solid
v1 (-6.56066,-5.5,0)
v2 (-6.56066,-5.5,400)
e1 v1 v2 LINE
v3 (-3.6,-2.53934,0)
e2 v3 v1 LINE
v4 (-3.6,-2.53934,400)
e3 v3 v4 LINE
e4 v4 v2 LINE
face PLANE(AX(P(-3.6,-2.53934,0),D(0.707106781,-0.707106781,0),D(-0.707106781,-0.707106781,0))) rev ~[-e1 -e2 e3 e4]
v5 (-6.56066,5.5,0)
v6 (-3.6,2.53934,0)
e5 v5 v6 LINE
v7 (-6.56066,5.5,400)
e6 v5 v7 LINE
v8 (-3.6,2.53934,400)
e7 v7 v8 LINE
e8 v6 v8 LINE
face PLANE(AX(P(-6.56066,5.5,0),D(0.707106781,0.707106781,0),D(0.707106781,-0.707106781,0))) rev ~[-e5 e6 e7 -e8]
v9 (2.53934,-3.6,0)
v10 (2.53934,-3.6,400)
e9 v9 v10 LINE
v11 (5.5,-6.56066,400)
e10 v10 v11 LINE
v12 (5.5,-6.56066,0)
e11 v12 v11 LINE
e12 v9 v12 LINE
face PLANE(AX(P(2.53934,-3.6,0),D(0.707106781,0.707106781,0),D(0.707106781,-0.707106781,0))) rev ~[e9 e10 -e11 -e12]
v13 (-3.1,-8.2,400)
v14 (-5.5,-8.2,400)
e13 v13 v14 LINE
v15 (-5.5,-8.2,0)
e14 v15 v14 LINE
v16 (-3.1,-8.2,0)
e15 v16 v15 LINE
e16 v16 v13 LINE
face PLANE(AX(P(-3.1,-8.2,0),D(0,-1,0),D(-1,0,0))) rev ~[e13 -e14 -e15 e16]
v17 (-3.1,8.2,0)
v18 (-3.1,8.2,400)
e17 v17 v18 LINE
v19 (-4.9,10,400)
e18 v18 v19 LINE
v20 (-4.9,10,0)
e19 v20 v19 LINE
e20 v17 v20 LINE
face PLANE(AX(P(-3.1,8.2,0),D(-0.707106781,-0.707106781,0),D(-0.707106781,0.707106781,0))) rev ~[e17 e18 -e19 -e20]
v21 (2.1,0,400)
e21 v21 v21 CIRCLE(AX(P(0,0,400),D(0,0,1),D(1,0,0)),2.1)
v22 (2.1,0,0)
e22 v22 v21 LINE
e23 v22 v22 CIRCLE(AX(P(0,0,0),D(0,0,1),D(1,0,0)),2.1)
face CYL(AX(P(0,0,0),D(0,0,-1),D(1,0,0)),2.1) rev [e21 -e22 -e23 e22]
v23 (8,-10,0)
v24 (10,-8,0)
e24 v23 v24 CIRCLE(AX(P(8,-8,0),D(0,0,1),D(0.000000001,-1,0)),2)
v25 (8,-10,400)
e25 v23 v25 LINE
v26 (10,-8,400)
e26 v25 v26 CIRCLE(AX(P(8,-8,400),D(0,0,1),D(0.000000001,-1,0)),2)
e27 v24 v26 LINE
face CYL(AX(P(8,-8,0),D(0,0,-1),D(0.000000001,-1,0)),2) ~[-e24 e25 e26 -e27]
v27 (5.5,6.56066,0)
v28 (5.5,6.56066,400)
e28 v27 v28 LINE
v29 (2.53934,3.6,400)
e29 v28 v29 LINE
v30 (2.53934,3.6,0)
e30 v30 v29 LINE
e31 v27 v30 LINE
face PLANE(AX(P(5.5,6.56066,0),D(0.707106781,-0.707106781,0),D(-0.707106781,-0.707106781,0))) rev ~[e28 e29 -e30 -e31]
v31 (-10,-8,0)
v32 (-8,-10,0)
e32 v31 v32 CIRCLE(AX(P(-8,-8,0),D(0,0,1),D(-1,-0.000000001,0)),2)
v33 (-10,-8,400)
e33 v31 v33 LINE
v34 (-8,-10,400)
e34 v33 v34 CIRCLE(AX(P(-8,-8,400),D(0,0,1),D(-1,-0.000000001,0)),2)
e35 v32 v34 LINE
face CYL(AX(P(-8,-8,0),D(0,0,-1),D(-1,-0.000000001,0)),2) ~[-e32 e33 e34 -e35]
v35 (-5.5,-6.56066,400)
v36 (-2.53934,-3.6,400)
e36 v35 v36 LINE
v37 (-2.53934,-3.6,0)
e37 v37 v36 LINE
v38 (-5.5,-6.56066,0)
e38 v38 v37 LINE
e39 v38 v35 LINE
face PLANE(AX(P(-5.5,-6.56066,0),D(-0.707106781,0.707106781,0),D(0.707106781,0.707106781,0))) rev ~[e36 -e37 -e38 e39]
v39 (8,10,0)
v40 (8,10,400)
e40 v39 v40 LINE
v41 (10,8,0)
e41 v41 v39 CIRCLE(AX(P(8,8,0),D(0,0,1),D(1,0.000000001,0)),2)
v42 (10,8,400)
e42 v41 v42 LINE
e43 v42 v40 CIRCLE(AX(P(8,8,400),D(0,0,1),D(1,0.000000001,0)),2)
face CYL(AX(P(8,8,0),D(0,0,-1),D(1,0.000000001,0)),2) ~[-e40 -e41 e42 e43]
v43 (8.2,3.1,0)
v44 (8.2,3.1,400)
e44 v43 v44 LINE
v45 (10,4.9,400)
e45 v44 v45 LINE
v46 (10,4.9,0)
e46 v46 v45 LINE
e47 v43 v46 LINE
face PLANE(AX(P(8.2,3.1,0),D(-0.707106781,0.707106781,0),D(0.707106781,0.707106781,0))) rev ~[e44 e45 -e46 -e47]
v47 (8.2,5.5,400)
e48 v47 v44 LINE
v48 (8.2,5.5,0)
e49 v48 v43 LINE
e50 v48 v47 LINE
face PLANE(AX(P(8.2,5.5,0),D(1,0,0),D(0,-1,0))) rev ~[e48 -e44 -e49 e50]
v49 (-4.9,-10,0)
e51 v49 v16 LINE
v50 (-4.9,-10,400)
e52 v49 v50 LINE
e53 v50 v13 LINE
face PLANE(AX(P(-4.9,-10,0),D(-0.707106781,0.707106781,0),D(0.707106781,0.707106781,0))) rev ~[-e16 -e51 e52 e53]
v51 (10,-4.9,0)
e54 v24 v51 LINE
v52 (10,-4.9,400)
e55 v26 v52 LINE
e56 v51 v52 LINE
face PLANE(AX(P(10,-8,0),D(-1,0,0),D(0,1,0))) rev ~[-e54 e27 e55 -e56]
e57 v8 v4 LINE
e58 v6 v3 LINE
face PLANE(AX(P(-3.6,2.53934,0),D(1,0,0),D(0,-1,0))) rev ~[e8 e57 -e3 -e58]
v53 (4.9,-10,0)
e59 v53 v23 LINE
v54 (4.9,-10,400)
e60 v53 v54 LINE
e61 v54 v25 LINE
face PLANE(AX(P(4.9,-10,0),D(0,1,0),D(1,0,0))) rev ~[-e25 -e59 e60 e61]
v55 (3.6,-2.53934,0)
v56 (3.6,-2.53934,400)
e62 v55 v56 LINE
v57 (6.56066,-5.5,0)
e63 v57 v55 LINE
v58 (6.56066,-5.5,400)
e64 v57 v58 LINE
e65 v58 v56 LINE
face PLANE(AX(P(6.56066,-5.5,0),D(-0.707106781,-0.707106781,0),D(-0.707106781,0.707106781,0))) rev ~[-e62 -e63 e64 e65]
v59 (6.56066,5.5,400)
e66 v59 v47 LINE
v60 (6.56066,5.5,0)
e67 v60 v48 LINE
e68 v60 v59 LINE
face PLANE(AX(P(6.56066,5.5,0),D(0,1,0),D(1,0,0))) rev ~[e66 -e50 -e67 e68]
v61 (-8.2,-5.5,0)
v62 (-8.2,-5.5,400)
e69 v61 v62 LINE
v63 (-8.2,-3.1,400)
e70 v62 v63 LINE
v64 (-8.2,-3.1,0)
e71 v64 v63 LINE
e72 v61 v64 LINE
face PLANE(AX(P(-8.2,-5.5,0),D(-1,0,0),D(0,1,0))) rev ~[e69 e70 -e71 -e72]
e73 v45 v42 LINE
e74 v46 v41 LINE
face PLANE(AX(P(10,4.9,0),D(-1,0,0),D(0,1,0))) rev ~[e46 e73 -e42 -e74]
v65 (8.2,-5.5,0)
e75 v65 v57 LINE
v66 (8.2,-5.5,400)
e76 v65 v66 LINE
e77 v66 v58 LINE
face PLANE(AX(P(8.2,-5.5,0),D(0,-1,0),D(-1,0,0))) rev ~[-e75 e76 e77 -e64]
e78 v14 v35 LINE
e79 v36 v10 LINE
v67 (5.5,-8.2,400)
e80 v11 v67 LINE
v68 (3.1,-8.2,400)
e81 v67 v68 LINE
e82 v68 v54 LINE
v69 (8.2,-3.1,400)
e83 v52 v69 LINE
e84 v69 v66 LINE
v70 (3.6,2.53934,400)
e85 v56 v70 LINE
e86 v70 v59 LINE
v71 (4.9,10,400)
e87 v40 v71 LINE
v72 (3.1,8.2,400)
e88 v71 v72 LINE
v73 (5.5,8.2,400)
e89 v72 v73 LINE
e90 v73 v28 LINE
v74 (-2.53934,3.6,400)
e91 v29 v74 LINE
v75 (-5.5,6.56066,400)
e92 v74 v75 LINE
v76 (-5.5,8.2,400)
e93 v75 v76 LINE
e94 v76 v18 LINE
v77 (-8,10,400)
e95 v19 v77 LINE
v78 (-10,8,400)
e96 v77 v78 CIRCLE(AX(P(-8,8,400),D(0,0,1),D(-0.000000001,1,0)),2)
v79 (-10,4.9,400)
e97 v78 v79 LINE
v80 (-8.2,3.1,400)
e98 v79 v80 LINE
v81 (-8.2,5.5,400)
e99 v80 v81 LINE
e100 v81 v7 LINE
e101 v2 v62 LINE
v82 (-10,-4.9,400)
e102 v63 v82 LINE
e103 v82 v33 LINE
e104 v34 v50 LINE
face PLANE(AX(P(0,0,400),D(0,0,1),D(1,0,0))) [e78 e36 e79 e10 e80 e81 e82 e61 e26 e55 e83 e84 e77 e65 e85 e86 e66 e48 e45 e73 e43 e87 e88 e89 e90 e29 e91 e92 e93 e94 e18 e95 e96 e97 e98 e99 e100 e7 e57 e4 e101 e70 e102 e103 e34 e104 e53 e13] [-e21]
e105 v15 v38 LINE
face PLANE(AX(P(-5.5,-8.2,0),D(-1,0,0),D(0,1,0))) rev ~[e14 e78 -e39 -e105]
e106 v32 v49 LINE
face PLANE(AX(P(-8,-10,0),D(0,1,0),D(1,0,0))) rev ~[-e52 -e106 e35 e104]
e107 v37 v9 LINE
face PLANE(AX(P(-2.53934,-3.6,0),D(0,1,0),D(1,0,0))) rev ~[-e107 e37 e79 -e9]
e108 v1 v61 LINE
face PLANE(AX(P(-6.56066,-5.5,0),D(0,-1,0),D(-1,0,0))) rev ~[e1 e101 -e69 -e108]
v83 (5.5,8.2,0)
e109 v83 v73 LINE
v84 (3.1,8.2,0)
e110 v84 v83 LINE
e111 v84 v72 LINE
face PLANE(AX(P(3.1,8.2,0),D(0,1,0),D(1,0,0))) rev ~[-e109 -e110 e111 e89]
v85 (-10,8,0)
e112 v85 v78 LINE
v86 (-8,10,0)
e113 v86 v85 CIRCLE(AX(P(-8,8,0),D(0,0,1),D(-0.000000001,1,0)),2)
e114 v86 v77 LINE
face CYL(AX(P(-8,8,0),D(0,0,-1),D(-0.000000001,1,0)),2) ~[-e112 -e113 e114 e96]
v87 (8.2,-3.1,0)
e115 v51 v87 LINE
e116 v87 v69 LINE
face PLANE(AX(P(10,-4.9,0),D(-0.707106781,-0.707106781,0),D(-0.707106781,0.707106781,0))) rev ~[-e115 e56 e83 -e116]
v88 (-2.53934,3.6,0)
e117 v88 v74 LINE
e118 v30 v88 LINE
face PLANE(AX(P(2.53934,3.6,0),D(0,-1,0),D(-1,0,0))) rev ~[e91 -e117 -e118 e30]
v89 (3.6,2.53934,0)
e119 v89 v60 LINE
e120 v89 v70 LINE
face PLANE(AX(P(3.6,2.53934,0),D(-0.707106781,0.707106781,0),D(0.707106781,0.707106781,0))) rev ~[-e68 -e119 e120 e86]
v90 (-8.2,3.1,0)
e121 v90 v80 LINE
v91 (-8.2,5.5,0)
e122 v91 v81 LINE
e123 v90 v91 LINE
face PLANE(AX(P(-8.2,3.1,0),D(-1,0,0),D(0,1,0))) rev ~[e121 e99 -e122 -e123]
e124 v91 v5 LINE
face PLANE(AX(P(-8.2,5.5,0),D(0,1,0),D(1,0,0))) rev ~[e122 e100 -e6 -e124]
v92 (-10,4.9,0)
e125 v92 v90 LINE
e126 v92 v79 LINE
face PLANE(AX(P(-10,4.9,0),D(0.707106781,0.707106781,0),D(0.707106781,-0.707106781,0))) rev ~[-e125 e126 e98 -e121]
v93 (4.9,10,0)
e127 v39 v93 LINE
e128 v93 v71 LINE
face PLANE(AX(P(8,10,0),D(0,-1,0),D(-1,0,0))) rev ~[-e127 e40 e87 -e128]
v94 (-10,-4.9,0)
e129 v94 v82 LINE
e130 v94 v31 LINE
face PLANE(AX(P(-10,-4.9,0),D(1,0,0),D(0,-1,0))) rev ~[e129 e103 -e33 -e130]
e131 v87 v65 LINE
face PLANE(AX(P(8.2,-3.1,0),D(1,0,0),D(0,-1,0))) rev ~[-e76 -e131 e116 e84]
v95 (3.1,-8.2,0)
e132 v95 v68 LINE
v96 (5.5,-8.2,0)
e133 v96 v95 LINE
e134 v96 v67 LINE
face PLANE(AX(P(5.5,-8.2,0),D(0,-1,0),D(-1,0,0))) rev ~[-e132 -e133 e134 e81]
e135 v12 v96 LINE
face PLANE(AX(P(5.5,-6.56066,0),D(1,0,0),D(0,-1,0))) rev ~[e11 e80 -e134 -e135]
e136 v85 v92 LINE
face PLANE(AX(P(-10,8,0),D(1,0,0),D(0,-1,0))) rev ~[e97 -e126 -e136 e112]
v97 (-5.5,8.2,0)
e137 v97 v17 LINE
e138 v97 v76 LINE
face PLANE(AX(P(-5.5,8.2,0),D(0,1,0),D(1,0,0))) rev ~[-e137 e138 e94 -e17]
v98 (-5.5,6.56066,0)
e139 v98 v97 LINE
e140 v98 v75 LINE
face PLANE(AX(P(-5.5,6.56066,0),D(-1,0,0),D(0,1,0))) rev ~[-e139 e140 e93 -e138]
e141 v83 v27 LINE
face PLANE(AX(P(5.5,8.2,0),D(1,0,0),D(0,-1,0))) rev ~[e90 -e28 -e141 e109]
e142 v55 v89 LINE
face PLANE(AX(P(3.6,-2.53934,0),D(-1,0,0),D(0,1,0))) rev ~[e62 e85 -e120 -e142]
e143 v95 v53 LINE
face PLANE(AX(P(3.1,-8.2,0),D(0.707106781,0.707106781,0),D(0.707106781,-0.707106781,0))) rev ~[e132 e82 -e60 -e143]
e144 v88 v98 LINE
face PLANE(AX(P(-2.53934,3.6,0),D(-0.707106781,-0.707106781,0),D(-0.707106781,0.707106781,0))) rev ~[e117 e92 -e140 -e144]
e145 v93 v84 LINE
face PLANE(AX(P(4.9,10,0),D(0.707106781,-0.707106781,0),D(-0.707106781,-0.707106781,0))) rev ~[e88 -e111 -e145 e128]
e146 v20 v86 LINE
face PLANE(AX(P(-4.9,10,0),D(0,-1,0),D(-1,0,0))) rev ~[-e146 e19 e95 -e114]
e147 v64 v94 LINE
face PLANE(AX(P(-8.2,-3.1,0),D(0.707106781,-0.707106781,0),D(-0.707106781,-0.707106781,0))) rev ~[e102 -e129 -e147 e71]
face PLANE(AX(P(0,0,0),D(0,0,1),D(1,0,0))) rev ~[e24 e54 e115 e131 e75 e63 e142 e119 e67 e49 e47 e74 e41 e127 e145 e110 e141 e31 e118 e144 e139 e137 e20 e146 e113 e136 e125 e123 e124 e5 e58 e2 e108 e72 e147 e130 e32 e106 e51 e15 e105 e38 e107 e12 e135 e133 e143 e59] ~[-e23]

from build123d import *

# Parameters (mm, degrees)
SKETCH1_R           = 2.1
BOSS_EXTRUDE1_DEPTH = 400


with BuildPart() as part:
    # Sketch1 → Boss-Extrude1 (new body)
    with BuildSketch(Plane.XY):
        with BuildLine():
            Line((-4.9, -10), (-3.1, -8.2))
            Line((-3.1, -8.2), (-5.5, -8.2))
            Line((-5.5, -8.2), (-5.5, -6.560660172))
            Line((-5.5, -6.560660172), (-2.539339828, -3.6))
            Line((-2.539339828, -3.6), (2.539339828, -3.6))
            Line((2.539339828, -3.6), (5.5, -6.560660172))
            Line((5.5, -6.560660172), (5.5, -8.2))
            Line((5.5, -8.2), (3.1, -8.2))
            Line((3.1, -8.2), (4.9, -10))
            Line((4.9, -10), (8, -10))
            ThreePointArc((8, -10), (9.414213562, -9.414213562), (10, -8))
            Line((10, -8), (10, -4.9))
            Line((10, -4.9), (8.2, -3.1))
            Line((8.2, -3.1), (8.2, -5.5))
            Line((8.2, -5.5), (6.560660172, -5.5))
            Line((6.560660172, -5.5), (3.6, -2.539339828))
            Line((3.6, -2.539339828), (3.6, 2.539339828))
            Line((3.6, 2.539339828), (6.560660172, 5.5))
            Line((6.560660172, 5.5), (8.2, 5.5))
            Line((8.2, 5.5), (8.2, 3.1))
            Line((8.2, 3.1), (10, 4.9))
            Line((10, 4.9), (10, 8))
            ThreePointArc((10, 8), (9.414213562, 9.414213562), (8, 10))
            Line((8, 10), (4.9, 10))
            Line((4.9, 10), (3.1, 8.2))
            Line((3.1, 8.2), (5.5, 8.2))
            Line((5.5, 8.2), (5.5, 6.560660172))
            Line((5.5, 6.560660172), (2.539339828, 3.6))
            Line((2.539339828, 3.6), (-2.539339828, 3.6))
            Line((-2.539339828, 3.6), (-5.5, 6.560660172))
            Line((-5.5, 6.560660172), (-5.5, 8.2))
            Line((-5.5, 8.2), (-3.1, 8.2))
            Line((-3.1, 8.2), (-4.9, 10))
            Line((-4.9, 10), (-8, 10))
            ThreePointArc((-8, 10), (-9.414213562, 9.414213562), (-10, 8))
            Line((-10, 8), (-10, 4.9))
            Line((-10, 4.9), (-8.2, 3.1))
            Line((-8.2, 3.1), (-8.2, 5.5))
            Line((-8.2, 5.5), (-6.560660172, 5.5))
            Line((-6.560660172, 5.5), (-3.6, 2.539339828))
            Line((-3.6, 2.539339828), (-3.6, -2.539339828))
            Line((-3.6, -2.539339828), (-6.560660172, -5.5))
            Line((-6.560660172, -5.5), (-8.2, -5.5))
            Line((-8.2, -5.5), (-8.2, -3.1))
            Line((-8.2, -3.1), (-10, -4.9))
            Line((-10, -4.9), (-10, -8))
            ThreePointArc((-10, -8), (-9.414213562, -9.414213562), (-8, -10))
            Line((-8, -10), (-4.9, -10))
        make_face()
        Circle(SKETCH1_R, mode=Mode.SUBTRACT)
    extrude(amount=BOSS_EXTRUDE1_DEPTH)


solid = part.part
